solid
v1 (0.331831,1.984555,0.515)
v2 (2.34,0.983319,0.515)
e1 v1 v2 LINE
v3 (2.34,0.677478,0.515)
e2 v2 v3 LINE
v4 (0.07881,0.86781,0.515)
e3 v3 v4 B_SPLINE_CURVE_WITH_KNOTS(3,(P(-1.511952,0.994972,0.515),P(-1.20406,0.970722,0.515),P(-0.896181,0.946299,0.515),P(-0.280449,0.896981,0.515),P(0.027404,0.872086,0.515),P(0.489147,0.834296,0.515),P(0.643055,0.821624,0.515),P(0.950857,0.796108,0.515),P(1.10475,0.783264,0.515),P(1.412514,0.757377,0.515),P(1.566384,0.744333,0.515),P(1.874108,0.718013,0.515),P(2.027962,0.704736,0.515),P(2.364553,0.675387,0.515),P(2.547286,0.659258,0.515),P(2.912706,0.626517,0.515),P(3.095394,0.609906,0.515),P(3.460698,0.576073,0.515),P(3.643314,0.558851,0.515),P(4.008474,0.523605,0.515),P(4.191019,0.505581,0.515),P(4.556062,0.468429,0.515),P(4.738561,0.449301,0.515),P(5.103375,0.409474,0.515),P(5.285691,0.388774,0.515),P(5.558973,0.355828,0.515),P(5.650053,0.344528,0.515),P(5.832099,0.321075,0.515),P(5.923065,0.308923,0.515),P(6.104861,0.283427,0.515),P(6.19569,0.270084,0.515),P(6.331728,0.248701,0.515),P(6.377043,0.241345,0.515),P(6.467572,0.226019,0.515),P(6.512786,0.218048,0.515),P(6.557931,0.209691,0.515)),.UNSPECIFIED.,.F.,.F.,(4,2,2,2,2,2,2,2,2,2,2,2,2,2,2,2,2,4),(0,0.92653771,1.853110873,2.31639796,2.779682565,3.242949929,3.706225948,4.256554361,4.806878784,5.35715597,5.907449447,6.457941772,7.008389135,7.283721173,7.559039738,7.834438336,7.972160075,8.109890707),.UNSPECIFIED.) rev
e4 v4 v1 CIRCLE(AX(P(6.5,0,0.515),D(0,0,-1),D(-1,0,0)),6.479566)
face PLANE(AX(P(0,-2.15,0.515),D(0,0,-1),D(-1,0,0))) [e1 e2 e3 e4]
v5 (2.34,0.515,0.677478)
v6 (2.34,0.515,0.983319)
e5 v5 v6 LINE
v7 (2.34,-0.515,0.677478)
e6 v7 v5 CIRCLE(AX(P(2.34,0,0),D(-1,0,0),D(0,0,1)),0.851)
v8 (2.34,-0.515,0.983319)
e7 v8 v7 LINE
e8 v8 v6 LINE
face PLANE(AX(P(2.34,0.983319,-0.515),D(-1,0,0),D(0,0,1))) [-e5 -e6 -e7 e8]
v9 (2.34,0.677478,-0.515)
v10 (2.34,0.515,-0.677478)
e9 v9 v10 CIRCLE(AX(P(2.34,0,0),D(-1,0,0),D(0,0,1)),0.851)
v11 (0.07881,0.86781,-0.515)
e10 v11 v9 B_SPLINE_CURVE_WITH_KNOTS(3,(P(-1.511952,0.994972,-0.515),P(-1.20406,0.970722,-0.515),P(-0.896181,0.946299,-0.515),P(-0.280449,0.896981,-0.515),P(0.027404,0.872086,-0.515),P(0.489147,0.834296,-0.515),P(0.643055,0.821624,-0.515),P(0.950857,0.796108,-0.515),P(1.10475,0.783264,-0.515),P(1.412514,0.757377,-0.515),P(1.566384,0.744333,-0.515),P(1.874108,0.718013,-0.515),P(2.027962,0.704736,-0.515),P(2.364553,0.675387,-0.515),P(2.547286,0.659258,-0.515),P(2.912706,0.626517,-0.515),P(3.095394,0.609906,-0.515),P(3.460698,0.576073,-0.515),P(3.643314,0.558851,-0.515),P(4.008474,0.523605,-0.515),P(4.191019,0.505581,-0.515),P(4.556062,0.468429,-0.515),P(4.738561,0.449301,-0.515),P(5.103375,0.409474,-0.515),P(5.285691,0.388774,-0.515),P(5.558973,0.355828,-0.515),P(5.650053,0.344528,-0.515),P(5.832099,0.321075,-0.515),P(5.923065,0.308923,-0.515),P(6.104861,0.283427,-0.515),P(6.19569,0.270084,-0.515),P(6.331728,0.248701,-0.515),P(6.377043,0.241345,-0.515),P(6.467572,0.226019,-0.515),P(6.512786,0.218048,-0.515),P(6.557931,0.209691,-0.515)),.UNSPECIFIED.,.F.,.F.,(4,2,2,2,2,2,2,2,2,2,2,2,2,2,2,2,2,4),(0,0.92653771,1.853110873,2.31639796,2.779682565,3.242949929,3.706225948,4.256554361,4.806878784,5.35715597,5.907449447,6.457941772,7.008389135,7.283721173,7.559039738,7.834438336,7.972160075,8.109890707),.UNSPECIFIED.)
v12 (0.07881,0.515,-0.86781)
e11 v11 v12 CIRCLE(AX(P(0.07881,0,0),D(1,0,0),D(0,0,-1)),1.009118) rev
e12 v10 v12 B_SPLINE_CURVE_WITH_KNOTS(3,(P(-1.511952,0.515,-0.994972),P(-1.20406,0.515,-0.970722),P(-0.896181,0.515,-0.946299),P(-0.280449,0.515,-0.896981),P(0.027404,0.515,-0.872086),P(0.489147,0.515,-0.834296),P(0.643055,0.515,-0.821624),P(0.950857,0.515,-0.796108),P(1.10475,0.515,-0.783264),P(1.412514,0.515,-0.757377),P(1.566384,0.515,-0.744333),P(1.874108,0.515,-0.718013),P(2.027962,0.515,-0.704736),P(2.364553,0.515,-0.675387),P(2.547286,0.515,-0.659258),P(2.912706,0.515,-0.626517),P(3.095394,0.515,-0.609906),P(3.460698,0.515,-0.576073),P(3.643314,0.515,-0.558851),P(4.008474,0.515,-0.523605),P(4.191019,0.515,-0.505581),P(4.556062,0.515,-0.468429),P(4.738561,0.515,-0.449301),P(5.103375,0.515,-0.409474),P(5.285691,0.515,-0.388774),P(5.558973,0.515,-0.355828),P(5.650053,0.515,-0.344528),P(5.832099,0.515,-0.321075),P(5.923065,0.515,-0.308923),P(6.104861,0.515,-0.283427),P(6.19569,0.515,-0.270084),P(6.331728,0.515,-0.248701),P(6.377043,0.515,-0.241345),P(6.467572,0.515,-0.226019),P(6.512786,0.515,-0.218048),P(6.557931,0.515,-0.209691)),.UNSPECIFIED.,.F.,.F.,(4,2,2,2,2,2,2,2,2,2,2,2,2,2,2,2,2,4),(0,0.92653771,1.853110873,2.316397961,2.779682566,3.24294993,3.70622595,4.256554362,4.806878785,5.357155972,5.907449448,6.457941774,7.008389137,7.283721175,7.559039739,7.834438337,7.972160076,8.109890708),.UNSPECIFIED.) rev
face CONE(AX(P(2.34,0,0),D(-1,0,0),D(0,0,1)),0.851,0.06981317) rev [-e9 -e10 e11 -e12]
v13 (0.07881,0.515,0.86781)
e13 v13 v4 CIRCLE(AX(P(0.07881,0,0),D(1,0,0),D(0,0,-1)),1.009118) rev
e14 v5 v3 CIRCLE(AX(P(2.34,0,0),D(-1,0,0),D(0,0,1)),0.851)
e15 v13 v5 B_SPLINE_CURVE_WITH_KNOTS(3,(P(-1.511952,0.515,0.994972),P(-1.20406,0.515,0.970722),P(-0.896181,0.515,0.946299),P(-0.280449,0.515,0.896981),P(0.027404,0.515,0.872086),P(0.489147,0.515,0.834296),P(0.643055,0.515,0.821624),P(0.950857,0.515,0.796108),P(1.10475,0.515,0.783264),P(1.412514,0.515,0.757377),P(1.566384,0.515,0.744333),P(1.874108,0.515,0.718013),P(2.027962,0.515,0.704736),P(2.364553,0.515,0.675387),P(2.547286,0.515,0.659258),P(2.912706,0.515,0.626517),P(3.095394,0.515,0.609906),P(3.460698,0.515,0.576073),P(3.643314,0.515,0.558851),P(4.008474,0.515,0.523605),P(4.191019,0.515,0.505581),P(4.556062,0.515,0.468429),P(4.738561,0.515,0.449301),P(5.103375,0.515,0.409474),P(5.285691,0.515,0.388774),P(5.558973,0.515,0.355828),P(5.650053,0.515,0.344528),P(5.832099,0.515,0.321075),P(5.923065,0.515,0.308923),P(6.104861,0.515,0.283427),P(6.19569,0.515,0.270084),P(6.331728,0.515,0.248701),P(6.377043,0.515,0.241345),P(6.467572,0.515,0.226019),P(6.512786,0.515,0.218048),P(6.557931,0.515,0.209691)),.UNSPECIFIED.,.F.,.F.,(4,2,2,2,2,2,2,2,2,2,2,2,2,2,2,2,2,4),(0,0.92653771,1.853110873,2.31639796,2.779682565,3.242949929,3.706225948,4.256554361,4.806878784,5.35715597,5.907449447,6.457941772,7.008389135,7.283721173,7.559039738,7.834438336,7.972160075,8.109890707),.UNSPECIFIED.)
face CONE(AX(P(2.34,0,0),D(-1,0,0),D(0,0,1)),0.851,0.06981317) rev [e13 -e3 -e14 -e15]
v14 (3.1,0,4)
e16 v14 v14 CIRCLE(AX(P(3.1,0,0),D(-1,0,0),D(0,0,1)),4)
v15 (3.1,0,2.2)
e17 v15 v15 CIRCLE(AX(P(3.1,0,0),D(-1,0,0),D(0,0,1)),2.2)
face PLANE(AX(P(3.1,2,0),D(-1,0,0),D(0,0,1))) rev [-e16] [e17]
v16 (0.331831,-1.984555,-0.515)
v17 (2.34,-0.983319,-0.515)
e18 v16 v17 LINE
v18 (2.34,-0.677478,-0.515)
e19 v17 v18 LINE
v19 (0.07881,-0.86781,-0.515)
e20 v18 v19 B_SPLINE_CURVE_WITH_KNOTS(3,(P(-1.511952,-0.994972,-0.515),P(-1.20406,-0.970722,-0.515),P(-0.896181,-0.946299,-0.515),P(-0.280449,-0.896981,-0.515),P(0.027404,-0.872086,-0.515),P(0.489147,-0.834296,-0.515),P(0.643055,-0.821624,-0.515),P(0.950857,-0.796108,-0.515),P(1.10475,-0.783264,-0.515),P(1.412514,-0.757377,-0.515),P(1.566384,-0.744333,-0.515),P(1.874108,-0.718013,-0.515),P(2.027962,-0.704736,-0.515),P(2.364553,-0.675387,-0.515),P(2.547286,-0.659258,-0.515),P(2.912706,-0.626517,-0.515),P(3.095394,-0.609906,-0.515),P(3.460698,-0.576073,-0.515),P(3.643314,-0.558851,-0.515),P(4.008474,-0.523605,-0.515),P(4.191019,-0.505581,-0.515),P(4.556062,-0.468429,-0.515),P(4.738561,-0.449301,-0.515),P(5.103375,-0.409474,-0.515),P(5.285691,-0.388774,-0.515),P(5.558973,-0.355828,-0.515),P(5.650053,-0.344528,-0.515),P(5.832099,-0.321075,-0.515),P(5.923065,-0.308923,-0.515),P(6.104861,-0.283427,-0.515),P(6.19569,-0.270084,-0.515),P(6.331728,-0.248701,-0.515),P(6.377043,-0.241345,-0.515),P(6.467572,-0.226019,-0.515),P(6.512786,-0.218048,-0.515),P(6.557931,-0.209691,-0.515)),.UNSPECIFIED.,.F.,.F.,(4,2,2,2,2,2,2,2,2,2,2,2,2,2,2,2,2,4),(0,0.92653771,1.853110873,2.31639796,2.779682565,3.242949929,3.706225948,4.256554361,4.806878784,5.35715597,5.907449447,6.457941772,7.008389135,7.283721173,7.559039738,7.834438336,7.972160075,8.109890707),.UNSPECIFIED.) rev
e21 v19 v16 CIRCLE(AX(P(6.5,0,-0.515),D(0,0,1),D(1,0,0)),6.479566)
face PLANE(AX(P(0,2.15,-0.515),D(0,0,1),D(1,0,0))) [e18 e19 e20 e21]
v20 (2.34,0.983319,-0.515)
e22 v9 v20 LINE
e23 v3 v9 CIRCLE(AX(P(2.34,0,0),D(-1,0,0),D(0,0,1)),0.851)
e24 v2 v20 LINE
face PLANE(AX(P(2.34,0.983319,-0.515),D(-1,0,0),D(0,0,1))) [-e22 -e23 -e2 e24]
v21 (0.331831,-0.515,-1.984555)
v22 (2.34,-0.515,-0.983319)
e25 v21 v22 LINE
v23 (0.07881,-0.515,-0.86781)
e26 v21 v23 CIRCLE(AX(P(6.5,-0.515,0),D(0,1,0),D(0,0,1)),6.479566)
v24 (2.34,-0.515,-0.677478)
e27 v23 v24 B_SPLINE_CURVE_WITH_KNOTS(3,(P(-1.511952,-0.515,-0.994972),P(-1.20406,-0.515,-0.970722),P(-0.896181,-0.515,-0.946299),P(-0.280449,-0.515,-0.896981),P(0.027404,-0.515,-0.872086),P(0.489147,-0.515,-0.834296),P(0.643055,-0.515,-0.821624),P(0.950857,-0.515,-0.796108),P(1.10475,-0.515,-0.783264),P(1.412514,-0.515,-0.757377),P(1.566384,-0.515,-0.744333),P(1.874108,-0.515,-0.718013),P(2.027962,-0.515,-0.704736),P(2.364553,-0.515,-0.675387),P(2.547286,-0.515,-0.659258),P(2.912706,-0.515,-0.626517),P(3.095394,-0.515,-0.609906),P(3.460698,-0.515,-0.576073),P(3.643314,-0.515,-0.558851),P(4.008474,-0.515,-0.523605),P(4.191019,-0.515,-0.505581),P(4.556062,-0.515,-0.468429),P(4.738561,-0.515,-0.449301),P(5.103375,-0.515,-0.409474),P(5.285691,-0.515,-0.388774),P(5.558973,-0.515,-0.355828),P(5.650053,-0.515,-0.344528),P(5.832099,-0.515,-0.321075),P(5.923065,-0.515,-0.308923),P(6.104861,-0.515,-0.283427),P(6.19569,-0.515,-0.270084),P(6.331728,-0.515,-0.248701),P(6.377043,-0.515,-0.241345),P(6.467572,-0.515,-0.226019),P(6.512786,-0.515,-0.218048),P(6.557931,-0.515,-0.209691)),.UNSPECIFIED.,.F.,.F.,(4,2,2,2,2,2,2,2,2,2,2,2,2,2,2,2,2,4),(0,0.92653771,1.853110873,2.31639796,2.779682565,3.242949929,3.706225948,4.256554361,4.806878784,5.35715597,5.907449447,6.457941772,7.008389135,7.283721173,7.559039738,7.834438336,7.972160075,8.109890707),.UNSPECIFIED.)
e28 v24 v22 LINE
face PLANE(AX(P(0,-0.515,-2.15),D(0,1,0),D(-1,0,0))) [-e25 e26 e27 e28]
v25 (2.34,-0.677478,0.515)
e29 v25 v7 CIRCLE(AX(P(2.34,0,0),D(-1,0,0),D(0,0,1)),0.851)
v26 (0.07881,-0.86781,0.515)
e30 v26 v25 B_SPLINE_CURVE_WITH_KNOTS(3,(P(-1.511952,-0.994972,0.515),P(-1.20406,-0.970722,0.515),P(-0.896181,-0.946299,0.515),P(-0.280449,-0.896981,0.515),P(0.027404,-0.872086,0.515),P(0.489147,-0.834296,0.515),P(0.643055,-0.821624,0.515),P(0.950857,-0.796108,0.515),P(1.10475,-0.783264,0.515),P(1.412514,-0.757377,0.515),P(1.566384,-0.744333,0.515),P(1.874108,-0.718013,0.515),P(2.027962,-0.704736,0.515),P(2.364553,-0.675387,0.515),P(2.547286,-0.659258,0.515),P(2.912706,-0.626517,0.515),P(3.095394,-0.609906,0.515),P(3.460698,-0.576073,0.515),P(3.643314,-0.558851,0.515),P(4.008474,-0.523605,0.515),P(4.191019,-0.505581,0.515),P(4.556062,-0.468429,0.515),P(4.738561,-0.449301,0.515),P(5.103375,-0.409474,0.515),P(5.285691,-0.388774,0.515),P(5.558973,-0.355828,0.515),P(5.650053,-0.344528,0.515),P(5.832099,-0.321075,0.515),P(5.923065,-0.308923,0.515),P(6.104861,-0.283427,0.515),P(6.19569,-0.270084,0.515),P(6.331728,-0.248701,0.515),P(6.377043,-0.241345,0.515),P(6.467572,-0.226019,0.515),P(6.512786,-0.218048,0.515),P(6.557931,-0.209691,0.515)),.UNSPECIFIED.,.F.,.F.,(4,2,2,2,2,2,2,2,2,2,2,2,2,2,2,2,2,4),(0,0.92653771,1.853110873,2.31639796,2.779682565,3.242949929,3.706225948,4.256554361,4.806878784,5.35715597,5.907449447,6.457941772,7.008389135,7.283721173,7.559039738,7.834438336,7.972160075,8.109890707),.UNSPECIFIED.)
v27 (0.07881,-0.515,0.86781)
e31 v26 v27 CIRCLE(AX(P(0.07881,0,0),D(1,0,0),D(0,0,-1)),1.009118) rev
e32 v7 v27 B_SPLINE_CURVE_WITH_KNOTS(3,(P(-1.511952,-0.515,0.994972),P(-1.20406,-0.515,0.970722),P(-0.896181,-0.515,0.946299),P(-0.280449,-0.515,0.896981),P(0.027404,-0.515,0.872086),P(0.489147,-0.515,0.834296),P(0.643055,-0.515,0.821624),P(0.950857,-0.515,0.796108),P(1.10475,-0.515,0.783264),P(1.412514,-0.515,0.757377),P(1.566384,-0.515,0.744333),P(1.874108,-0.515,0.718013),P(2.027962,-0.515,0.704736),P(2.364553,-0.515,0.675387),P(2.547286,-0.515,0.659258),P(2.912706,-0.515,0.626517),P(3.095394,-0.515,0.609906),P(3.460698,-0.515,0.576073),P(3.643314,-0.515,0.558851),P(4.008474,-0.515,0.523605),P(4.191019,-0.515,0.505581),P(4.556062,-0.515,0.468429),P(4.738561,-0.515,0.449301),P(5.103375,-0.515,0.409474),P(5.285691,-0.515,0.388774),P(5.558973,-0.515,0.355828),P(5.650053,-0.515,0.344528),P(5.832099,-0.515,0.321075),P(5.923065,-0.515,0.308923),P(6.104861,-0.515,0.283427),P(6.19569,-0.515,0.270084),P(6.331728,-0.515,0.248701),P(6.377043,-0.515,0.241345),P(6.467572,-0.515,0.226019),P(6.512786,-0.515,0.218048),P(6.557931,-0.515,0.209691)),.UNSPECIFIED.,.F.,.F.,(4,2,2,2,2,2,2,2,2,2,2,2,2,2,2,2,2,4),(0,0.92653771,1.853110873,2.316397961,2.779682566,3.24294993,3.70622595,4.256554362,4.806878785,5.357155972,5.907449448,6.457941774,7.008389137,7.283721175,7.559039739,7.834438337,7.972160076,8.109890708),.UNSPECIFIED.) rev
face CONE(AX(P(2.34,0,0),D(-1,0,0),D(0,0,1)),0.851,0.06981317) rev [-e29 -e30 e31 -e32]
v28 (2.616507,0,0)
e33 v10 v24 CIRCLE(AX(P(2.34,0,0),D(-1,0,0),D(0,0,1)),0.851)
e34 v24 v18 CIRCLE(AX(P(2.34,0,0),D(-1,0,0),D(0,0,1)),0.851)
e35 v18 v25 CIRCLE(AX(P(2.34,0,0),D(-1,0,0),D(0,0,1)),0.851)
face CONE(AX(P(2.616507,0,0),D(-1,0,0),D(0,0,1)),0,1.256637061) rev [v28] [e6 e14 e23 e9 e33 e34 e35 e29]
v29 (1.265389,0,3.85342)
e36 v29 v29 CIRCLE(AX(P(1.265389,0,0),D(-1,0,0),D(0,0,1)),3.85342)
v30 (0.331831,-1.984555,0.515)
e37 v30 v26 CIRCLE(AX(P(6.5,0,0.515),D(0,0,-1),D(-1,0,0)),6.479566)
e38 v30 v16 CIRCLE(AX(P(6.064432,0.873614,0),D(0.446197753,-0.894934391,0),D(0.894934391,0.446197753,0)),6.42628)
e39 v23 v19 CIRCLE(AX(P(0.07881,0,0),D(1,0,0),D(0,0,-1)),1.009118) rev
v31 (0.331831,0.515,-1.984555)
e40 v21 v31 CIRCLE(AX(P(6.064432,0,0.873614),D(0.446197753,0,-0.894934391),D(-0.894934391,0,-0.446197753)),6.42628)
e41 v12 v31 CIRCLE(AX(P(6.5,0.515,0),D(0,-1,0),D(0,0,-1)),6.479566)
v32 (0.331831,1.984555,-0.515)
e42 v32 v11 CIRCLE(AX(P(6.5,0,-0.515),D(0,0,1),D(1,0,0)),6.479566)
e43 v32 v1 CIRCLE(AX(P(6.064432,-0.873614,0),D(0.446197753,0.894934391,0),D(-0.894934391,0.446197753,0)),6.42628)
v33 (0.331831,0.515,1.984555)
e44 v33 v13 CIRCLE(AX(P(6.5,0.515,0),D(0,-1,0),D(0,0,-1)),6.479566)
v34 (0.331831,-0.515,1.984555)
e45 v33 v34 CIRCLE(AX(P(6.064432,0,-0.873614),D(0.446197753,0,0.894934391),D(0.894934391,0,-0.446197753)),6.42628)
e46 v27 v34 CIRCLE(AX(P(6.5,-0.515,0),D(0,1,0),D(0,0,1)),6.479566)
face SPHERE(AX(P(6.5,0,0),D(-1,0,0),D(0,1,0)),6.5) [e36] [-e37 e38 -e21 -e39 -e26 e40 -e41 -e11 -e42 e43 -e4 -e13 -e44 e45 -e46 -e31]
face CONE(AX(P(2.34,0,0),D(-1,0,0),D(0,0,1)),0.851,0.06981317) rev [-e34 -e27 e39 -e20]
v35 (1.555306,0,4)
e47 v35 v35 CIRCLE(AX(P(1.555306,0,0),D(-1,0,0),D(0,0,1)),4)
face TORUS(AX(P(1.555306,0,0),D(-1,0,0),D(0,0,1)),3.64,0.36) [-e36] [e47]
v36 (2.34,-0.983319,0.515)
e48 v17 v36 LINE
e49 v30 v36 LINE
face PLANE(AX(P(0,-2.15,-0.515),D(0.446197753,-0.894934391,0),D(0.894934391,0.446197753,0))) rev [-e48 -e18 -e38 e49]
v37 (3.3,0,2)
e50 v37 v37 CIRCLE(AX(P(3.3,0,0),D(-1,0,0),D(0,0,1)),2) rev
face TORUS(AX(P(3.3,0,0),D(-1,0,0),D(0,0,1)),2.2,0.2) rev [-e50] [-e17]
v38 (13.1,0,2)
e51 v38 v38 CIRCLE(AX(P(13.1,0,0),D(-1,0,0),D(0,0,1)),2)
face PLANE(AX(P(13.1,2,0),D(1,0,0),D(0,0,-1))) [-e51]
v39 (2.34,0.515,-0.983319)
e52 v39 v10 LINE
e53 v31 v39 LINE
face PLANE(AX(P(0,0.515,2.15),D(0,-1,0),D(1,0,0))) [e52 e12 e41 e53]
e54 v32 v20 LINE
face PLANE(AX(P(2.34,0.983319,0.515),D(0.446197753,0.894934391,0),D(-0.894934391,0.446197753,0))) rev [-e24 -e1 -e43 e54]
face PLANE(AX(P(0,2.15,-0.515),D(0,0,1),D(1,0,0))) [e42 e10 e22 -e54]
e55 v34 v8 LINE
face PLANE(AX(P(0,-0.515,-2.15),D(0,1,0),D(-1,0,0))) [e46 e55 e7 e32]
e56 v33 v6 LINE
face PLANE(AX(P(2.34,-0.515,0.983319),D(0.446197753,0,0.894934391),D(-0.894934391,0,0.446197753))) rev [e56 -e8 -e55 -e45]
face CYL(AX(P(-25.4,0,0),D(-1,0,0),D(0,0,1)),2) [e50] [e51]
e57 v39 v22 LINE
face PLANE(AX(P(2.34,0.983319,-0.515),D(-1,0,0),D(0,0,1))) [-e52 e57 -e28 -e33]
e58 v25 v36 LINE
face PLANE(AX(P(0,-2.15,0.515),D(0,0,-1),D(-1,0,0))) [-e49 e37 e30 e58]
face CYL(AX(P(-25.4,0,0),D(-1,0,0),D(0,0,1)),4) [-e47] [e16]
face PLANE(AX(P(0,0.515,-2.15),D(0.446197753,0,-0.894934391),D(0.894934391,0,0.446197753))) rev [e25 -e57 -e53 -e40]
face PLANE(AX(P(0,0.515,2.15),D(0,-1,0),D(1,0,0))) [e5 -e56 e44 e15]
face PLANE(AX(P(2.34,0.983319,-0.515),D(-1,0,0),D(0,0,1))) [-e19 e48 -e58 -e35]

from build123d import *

# Parameters (mm, degrees)
FILLET1_R    = 0.2
SKETCH3_W    = 1.03
SKETCH3_H    = 4.3
SKETCH4_W    = 1.03
SKETCH4_H    = 1.966638464
RECPAT_COUNT = 2
RECPAT_ANGLE = 90


with BuildPart() as part:
    # BodySke → Base-Revolve (revolve)
    with BuildSketch(Plane.XY):
        with BuildLine():
            Line((3.1, 2), (3.1, 4))
            Line((3.1, 4), (1.555305874, 4))
            ThreePointArc((1.555305874, 4), (1.392873227, 3.961271902), (1.265388955, 3.853420195))
            ThreePointArc((1.265388955, 3.853420195), (0.324444487, 2.027933456), (0, 0))
            Line((0, 0), (13.1, 0))
            Line((13.1, 0), (13.1, 2))
            Line((13.1, 2), (3.1, 2))
        make_face()
    revolve(axis=Axis((-25.4, 0, 0), (1, 0, 0)))

    # Fillet1
    fillet1_edges = [part.edges().sort_by_distance(p)[0] for p in [
        (3.1, -2, 0),
    ]]
    fillet(fillet1_edges, radius=FILLET1_R)

    # Sketch3 → Recess section 0
    with BuildSketch(Plane(origin=(0, 0, 0), x_dir=(0, 0, -1), z_dir=(1, 0, 0))):
        Rectangle(SKETCH3_W, SKETCH3_H)
    # Sketch4 → Recess section 1
    with BuildSketch(Plane(origin=(2.34, 0, 0), x_dir=(0, 0, -1), z_dir=(1, 0, 0))):
        Rectangle(SKETCH4_W, SKETCH4_H)
    recess = loft(mode=Mode.SUBTRACT)

    # RecPat: Recess ×2 about axis
    recpat_axis = Axis((0, 0, 0), (1, 0, 0))
    for i in range(1, RECPAT_COUNT):
        add(recess.rotate(recpat_axis, i * RECPAT_ANGLE / (RECPAT_COUNT - 1)), mode=Mode.SUBTRACT)

    # RecCorSke → RecessCore (revolve, cut)
    with BuildSketch(Plane.XY):
        Polygon((0, 0), (0, 1.01462874), (2.34, 0.851), (2.616506661, 0), align=None)
    revolve(axis=Axis((-3.175, 0, 0), (1, 0, 0)), mode=Mode.SUBTRACT)


solid = part.part
